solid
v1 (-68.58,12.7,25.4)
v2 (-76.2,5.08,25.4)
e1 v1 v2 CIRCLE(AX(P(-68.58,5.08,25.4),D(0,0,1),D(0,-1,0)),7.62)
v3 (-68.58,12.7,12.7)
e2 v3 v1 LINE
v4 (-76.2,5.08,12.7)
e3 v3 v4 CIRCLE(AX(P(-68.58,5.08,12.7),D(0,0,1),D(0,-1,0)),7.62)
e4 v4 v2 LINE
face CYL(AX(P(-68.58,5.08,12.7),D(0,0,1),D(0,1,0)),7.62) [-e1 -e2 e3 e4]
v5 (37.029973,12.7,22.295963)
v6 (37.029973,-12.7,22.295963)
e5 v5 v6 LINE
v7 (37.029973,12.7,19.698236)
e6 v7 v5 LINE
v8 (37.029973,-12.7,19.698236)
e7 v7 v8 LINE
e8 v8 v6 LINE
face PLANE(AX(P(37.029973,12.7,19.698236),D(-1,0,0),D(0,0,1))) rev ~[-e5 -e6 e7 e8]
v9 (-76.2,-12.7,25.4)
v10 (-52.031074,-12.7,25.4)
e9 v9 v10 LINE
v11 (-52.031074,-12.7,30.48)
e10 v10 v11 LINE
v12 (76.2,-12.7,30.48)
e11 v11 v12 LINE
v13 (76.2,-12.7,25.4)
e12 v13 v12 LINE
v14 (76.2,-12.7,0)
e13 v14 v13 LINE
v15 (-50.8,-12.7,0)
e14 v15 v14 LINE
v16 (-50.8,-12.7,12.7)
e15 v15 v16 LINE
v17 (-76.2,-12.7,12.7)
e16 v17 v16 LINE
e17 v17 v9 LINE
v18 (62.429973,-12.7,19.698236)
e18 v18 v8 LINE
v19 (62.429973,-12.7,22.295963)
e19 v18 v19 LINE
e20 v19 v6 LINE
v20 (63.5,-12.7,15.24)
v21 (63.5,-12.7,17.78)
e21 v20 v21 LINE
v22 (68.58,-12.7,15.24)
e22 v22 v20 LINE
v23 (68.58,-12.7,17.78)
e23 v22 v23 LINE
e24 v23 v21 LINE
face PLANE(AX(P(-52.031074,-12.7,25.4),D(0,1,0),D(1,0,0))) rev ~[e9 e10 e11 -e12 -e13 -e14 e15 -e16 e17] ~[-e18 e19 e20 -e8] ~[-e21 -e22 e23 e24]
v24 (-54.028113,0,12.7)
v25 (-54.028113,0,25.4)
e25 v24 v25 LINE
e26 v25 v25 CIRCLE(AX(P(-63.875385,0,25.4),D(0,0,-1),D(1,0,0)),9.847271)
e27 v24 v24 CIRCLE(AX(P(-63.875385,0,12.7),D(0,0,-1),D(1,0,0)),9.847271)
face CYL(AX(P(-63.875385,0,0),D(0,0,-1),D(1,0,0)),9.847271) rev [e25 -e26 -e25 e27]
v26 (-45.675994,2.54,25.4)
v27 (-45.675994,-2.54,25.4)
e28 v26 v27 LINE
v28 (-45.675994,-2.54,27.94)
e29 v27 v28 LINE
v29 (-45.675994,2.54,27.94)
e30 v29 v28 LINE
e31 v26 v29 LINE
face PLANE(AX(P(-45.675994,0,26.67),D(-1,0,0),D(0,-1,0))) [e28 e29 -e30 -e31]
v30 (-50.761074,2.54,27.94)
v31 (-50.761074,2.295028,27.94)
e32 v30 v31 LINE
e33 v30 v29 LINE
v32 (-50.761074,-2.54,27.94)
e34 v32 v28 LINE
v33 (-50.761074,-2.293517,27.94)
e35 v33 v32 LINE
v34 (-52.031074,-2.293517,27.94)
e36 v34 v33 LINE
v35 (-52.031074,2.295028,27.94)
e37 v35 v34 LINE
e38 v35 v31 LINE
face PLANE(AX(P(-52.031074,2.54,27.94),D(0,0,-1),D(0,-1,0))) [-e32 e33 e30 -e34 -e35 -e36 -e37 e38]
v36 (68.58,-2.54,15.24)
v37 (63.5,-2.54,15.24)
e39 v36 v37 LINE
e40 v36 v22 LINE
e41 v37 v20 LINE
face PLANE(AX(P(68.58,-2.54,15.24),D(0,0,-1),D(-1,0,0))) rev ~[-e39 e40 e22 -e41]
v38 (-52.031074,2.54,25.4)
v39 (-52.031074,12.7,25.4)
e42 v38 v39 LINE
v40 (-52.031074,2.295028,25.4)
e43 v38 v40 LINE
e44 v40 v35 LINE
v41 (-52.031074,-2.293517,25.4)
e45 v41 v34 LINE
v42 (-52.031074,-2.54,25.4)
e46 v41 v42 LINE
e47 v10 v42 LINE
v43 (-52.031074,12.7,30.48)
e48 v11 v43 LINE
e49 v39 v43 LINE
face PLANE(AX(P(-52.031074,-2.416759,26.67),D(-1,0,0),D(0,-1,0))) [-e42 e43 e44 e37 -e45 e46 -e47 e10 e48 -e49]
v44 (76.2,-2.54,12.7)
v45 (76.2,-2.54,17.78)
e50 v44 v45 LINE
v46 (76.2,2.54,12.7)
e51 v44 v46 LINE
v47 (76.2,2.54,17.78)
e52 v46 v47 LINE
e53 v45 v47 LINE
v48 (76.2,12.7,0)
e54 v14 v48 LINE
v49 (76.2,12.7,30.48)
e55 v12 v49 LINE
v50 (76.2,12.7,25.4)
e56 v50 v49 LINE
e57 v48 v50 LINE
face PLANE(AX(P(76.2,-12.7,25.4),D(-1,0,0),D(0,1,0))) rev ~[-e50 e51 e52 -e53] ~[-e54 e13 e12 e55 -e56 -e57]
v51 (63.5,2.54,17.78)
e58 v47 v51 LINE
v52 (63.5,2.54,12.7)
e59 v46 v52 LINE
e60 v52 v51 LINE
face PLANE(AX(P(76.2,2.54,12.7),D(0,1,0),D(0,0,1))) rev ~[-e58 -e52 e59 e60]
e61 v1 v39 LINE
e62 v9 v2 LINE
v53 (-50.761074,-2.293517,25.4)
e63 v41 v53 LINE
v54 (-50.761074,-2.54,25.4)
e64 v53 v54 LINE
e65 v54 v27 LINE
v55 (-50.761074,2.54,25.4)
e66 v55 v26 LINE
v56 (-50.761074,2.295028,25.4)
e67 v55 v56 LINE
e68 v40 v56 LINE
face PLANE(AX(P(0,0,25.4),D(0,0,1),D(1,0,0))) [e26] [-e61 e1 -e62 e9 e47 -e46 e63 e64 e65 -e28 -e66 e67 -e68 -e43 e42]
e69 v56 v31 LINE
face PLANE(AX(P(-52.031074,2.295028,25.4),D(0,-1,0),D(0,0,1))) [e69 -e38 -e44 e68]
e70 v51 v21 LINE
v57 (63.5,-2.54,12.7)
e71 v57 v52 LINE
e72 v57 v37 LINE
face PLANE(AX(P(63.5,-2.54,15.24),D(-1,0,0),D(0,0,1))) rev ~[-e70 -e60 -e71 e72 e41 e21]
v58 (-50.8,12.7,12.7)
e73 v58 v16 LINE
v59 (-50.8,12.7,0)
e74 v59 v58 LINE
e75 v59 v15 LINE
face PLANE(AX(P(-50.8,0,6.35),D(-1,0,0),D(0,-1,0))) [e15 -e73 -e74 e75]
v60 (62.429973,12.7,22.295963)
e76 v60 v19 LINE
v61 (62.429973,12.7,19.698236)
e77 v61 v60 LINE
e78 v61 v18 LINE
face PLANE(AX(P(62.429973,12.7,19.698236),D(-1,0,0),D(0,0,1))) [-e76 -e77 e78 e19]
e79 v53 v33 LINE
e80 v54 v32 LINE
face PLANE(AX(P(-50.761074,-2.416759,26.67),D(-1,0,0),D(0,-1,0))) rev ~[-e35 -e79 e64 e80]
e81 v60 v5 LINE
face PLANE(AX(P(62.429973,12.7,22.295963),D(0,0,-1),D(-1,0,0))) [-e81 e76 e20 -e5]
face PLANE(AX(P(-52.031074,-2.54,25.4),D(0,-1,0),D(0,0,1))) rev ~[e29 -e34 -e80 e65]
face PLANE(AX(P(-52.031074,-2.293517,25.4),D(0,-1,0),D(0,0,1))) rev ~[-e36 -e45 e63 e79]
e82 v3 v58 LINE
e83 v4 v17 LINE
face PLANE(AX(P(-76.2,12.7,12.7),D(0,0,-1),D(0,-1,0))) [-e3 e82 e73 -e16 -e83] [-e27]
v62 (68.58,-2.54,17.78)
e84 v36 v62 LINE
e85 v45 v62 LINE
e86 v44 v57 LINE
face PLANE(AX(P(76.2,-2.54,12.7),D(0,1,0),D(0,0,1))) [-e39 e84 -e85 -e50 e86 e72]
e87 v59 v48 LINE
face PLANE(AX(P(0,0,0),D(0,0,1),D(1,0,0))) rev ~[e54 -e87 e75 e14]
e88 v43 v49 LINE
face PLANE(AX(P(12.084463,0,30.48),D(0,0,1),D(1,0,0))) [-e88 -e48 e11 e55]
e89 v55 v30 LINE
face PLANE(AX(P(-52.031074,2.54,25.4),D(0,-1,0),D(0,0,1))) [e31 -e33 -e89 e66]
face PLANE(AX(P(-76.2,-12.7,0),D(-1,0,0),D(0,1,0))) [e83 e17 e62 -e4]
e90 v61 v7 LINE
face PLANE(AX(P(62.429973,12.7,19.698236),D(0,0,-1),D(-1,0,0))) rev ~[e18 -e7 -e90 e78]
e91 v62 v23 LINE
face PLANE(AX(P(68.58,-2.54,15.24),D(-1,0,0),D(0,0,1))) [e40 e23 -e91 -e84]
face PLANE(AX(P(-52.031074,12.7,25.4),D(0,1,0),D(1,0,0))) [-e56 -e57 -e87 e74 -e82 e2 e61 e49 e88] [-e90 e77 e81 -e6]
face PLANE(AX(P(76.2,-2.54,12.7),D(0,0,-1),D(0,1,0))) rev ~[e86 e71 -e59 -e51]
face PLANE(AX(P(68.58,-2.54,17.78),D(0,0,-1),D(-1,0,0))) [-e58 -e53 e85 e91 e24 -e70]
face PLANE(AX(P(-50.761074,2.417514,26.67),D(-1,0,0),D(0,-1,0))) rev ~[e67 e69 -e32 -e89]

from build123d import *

# Parameters (mm, degrees)
F1_W      = 152.4
F1_H      = 25.4
F2_DEPTH  = 25.4
F3_R      = 9.8472712537
F4_DEPTH  = 25.401
F5_W      = 25.4
F5_H      = 12.7
F6_DEPTH  = 25.4
F7_W      = 25.4
F7_H      = 2.5977271069
F8_DEPTH  = 53.086
F9_W      = 128.2310737193
F9_H      = 25.4
F10_DEPTH = 5.08
F11_R     = 7.62
F12_W     = 5.08
F12_H     = 2.54
F13_DEPTH = 6.35508
F14_W     = 0.2449715817
F14_H     = 2.54
F15_DEPTH = 1.27
F14_W_2   = 0.2464826526
F16_DEPTH = 1.27
F17_W     = 5.08
F17_H     = 5.08
F18_DEPTH = 12.7
F19_W     = 5.08
F19_H     = 2.54
F20_DEPTH = 25.4


with BuildPart() as f2:
    # F1 (on face) → F2 (new body)
    with BuildSketch(Plane.XY):
        Rectangle(F1_W, F1_H)
    extrude(amount=F2_DEPTH)

    # F3 (on face) → F4 (cut, through all)
    with BuildSketch(Plane.XY):
        with Locations((-63.8753846288, 0)):
            Circle(F3_R)
    extrude(amount=F4_DEPTH, mode=Mode.SUBTRACT)

    # F5 (on face) → F6 (cut)
    with BuildSketch(Plane(origin=(-76.2, 0, 0), x_dir=(0, -1, 0), z_dir=(-1, 0, 0))):
        with Locations((0, 6.35)):
            Rectangle(F5_W, F5_H)
    extrude(amount=-F6_DEPTH, mode=Mode.SUBTRACT)

    # F7 (on face) → F8 (cut)
    with BuildSketch(Plane(origin=(0, 12.7, 0), x_dir=(-1, 0, 0), z_dir=(0, 1, 0))):
        with Locations((-49.7299730778, 20.9970995784)):
            Rectangle(F7_W, F7_H)
    extrude(amount=-F8_DEPTH, mode=Mode.SUBTRACT)

    # F9 (on face) → F10 (join)
    with BuildSketch(Plane.XY.offset(25.4)):
        with Locations((12.0844631404, 0)):
            Rectangle(F9_W, F9_H)
    extrude(amount=F10_DEPTH)

    # F11
    f11_edges = [f2.edges().sort_by_distance(p)[0] for p in [
        (-76.2, 12.7, 19.05),
    ]]
    fillet(f11_edges, radius=F11_R)

    # F12 (on face) → F13 (cut)
    with BuildSketch(Plane(origin=(-52.0310737193, 0, 0), x_dir=(0, -1, 0), z_dir=(-1, 0, 0))):
        with Locations((0, 26.67)):
            Rectangle(F12_W, F12_H)
    extrude(amount=-F13_DEPTH, mode=Mode.SUBTRACT)

    # F14 (on face) → F15 (join)
    with BuildSketch(Plane(origin=(-52.0310737193, 0, 0), x_dir=(0, -1, 0), z_dir=(-1, 0, 0))):
        with Locations((-2.4175142092, 26.67)):
            Rectangle(F14_W, F14_H)
    extrude(amount=-F15_DEPTH)

    # F14 (on face) → F16 (join)
    with BuildSketch(Plane(origin=(-52.0310737193, 0, 0), x_dir=(0, -1, 0), z_dir=(-1, 0, 0))):
        with Locations((2.4167586737, 26.67)):
            Rectangle(F14_W_2, F14_H)
    extrude(amount=-F16_DEPTH)

    # F17 (on face) → F18 (cut)
    with BuildSketch(Plane.YZ.offset(76.2)):
        with Locations((0, 15.24)):
            Rectangle(F17_W, F17_H)
    extrude(amount=-F18_DEPTH, mode=Mode.SUBTRACT)

    # F19 (on face) → F20 (cut)
    with BuildSketch(Plane(origin=(0, -2.54, 0), x_dir=(-1, 0, 0), z_dir=(0, 1, 0))):
        with Locations((-66.04, 16.51)):
            Rectangle(F19_W, F19_H)
    extrude(amount=-F20_DEPTH, mode=Mode.SUBTRACT)


solid = f2.part
